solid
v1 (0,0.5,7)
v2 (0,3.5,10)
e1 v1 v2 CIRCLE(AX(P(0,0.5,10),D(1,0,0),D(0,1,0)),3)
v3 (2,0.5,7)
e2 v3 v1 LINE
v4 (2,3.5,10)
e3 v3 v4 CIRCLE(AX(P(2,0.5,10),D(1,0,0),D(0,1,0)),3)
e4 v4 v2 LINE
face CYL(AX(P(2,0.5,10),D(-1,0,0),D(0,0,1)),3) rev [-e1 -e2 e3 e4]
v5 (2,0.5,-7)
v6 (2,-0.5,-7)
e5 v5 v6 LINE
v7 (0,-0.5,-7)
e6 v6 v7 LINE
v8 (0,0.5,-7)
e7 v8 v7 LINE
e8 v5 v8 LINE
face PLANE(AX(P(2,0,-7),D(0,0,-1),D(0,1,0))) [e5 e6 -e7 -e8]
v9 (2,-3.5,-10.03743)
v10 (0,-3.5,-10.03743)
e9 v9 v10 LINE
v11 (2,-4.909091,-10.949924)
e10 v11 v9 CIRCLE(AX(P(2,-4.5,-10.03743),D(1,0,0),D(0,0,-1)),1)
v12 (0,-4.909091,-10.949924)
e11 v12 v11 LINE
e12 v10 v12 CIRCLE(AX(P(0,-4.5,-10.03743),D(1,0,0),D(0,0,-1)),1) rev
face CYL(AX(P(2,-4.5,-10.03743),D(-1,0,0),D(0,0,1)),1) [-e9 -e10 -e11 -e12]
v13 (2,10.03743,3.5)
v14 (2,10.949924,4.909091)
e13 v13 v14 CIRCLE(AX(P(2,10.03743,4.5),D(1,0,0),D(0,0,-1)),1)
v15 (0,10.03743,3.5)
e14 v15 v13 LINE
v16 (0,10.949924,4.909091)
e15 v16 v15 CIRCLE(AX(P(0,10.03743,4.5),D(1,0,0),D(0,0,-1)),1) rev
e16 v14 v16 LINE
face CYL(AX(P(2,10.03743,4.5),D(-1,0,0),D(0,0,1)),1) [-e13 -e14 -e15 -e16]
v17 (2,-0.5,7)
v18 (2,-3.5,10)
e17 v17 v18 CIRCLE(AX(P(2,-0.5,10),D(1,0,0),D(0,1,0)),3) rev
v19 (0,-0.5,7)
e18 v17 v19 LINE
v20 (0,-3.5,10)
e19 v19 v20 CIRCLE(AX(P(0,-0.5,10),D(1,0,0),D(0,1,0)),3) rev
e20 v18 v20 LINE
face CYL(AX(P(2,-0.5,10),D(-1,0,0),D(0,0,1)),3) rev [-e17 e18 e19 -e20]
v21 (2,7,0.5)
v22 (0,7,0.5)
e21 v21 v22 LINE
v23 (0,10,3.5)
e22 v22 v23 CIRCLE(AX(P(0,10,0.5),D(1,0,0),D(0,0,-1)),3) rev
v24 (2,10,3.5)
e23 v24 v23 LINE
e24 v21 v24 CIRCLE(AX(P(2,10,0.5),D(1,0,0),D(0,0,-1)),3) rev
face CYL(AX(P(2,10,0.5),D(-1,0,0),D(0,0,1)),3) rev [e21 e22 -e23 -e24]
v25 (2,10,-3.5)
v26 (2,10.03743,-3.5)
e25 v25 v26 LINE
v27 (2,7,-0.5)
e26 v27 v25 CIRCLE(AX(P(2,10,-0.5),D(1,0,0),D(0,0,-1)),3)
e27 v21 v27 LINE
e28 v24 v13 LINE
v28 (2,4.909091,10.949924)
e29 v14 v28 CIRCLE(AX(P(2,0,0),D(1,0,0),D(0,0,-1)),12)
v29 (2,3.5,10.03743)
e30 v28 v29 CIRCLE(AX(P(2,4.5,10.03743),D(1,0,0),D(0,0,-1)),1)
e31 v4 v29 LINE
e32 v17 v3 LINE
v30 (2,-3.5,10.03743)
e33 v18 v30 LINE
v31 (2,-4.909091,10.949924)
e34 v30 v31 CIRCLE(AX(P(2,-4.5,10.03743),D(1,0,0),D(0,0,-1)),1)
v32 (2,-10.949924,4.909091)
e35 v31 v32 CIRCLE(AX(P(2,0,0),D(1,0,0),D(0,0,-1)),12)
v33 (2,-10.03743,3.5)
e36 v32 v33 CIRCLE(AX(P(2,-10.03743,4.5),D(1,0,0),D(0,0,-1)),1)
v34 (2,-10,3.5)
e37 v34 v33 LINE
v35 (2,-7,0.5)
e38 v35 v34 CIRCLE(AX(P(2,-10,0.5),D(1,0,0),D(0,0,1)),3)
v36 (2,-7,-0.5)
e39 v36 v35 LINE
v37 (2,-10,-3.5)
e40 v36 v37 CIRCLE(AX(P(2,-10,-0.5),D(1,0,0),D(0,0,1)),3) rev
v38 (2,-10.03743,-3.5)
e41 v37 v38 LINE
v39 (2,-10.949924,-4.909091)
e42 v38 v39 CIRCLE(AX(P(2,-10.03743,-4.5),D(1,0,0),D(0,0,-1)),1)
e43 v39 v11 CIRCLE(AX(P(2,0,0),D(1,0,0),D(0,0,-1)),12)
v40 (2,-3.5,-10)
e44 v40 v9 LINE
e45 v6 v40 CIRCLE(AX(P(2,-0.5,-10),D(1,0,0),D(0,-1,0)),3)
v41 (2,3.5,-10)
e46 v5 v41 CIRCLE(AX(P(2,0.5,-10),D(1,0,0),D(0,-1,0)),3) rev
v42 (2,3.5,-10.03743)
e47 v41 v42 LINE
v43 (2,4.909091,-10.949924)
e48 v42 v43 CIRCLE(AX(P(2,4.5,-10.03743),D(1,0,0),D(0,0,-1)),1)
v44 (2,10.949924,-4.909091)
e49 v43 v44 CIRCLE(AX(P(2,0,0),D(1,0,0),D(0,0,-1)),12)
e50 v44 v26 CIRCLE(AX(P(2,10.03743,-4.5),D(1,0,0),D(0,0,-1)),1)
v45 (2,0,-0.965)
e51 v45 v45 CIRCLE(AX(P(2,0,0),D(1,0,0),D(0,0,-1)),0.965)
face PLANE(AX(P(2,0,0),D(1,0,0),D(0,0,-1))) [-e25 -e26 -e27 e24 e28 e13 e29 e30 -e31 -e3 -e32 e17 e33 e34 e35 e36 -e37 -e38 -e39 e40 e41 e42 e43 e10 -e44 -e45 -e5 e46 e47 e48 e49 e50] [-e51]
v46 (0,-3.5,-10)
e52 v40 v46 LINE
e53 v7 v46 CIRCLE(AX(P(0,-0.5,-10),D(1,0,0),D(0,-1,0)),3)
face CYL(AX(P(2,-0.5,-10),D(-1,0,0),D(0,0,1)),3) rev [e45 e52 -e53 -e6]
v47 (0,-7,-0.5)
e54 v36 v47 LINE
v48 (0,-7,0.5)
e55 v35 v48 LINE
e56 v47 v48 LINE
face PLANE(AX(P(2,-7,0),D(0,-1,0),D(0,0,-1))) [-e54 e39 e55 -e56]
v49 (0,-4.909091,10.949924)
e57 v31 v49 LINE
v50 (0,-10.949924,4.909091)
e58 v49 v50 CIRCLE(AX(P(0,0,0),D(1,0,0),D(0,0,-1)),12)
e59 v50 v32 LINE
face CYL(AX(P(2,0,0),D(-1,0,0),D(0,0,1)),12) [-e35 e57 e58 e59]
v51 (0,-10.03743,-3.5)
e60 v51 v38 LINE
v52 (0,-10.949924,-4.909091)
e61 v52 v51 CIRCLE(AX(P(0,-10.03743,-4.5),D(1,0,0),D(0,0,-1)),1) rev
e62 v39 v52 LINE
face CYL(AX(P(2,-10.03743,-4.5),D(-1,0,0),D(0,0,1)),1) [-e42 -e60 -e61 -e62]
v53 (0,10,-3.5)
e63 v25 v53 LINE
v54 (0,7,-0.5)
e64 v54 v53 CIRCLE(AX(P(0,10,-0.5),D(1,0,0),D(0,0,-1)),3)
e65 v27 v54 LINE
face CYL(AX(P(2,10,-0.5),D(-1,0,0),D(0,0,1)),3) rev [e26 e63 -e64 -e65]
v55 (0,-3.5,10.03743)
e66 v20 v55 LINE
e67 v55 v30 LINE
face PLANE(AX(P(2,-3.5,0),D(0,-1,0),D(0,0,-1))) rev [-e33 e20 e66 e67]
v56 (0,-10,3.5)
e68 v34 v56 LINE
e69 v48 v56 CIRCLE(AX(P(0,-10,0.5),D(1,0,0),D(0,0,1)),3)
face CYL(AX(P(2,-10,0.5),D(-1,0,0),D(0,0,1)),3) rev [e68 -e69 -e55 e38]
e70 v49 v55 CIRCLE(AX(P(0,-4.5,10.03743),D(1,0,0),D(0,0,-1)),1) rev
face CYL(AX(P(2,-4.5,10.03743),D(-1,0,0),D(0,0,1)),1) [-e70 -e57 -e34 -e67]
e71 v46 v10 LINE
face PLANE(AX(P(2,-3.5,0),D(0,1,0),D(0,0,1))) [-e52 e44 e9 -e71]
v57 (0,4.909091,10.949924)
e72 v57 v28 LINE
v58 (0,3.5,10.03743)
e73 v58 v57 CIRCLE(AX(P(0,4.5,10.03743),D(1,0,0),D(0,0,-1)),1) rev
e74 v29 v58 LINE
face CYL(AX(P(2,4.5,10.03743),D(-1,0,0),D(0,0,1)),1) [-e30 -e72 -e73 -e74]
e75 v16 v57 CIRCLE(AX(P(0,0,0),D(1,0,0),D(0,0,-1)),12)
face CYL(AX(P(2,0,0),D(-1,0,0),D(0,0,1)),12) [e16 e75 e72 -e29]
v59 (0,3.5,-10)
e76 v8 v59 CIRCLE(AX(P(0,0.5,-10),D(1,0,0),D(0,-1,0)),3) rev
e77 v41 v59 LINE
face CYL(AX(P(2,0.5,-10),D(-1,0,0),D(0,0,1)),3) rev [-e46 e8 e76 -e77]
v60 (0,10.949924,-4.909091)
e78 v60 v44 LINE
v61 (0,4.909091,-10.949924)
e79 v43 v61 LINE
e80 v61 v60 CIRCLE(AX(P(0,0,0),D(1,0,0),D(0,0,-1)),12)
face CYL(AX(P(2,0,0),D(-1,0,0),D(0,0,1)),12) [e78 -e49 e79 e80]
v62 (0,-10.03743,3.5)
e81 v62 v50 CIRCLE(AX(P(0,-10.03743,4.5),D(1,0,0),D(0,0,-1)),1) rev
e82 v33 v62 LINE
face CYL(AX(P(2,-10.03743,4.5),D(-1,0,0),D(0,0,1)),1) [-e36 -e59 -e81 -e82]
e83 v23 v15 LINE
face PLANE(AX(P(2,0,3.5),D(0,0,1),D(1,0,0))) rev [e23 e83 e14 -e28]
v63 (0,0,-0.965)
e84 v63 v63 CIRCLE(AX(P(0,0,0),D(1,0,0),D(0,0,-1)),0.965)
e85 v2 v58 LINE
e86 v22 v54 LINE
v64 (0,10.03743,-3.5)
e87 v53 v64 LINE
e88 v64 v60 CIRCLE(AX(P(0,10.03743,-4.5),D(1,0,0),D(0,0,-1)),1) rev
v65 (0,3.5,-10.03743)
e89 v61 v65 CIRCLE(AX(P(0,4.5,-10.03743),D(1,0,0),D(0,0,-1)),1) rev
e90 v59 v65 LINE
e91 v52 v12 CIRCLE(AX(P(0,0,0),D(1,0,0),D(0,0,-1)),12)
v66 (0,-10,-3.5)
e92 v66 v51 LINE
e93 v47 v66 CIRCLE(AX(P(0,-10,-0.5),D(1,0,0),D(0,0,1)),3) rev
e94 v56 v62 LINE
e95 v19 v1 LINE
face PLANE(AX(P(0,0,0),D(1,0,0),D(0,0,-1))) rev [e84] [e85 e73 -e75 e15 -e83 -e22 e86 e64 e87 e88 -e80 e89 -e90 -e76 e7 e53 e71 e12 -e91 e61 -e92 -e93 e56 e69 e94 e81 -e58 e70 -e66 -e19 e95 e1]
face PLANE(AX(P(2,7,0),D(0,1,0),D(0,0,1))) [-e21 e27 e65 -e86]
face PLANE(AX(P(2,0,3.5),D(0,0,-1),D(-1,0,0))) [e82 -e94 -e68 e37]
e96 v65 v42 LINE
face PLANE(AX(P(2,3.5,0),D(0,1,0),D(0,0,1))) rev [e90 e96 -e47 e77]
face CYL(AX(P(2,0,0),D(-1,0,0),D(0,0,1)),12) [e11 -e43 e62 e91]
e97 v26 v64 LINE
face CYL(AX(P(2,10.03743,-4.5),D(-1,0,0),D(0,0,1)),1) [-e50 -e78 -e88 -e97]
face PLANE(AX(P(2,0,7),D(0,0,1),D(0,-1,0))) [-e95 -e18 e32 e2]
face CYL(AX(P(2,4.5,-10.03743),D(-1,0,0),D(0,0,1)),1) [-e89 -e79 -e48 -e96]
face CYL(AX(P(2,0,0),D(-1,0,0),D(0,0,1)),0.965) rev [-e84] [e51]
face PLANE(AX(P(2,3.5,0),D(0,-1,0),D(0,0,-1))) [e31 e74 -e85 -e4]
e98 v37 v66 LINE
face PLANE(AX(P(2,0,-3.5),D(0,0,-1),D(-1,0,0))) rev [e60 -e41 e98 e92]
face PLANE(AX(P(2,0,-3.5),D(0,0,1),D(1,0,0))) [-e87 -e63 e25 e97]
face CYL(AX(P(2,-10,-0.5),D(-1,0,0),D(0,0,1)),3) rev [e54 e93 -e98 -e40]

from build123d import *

# Parameters (mm, degrees)
SKETCH1_R           = 12
SKETCH1_R_2         = 0.965
BOSS_EXTRUDE1_DEPTH = 2
CUT_EXTRUDE1_DEPTH  = 18.088007491
CIRPATTERN3_COUNT   = 4
FILLET5_R           = 1


with BuildPart() as part:
    # Sketch1 → Boss-Extrude1 (new body)
    with BuildSketch(Plane(origin=(0, 0, 0), x_dir=(0, 0, -1), z_dir=(1, 0, 0))):
        Circle(SKETCH1_R)
        Circle(SKETCH1_R_2, mode=Mode.SUBTRACT)
    extrude(amount=BOSS_EXTRUDE1_DEPTH)

    # Sketch1<3> → Cut-Extrude1 (cut, through all)
    with BuildSketch(Plane(origin=(0, 0, 0), x_dir=(0, 0, -1), z_dir=(1, 0, 0))):
        with BuildLine():
            Line((-3.5, 11.478240283), (-3.5, 10))
            ThreePointArc((-3.5, 10), (-2.621320344, 7.878679656), (-0.5, 7))
            Line((-0.5, 7), (0.5, 7))
            ThreePointArc((0.5, 7), (2.621320344, 7.878679656), (3.5, 10))
            Line((3.5, 10), (3.5, 11.478240283))
            ThreePointArc((3.5, 11.478240283), (0, 12), (-3.5, 11.478240283))
        make_face()
    cut_extrude1 = extrude(amount=CUT_EXTRUDE1_DEPTH, mode=Mode.SUBTRACT)

    # CirPattern3: Cut-Extrude1 ×4 about axis
    cirpattern3_axis = Axis((2, 0, 0), (-1, 0, 0))
    for i in range(1, CIRPATTERN3_COUNT):
        add(cut_extrude1.rotate(cirpattern3_axis, i * 360 / CIRPATTERN3_COUNT), mode=Mode.SUBTRACT)

    # Fillet5
    fillet5_edges = [part.edges().sort_by_distance(p)[0] for p in [
        (1, -11.478240283, -3.5),
        (1, -11.478240283, 3.5),
        (1, -3.5, 11.478240283),
        (1, 3.5, 11.478240283),
        (1, -3.5, -11.478240283),
        (1, 3.5, -11.478240283),
        (1, 11.478240283, -3.5),
        (1, 11.478240283, 3.5),
    ]]
    fillet(fillet5_edges, radius=FILLET5_R)


solid = part.part
